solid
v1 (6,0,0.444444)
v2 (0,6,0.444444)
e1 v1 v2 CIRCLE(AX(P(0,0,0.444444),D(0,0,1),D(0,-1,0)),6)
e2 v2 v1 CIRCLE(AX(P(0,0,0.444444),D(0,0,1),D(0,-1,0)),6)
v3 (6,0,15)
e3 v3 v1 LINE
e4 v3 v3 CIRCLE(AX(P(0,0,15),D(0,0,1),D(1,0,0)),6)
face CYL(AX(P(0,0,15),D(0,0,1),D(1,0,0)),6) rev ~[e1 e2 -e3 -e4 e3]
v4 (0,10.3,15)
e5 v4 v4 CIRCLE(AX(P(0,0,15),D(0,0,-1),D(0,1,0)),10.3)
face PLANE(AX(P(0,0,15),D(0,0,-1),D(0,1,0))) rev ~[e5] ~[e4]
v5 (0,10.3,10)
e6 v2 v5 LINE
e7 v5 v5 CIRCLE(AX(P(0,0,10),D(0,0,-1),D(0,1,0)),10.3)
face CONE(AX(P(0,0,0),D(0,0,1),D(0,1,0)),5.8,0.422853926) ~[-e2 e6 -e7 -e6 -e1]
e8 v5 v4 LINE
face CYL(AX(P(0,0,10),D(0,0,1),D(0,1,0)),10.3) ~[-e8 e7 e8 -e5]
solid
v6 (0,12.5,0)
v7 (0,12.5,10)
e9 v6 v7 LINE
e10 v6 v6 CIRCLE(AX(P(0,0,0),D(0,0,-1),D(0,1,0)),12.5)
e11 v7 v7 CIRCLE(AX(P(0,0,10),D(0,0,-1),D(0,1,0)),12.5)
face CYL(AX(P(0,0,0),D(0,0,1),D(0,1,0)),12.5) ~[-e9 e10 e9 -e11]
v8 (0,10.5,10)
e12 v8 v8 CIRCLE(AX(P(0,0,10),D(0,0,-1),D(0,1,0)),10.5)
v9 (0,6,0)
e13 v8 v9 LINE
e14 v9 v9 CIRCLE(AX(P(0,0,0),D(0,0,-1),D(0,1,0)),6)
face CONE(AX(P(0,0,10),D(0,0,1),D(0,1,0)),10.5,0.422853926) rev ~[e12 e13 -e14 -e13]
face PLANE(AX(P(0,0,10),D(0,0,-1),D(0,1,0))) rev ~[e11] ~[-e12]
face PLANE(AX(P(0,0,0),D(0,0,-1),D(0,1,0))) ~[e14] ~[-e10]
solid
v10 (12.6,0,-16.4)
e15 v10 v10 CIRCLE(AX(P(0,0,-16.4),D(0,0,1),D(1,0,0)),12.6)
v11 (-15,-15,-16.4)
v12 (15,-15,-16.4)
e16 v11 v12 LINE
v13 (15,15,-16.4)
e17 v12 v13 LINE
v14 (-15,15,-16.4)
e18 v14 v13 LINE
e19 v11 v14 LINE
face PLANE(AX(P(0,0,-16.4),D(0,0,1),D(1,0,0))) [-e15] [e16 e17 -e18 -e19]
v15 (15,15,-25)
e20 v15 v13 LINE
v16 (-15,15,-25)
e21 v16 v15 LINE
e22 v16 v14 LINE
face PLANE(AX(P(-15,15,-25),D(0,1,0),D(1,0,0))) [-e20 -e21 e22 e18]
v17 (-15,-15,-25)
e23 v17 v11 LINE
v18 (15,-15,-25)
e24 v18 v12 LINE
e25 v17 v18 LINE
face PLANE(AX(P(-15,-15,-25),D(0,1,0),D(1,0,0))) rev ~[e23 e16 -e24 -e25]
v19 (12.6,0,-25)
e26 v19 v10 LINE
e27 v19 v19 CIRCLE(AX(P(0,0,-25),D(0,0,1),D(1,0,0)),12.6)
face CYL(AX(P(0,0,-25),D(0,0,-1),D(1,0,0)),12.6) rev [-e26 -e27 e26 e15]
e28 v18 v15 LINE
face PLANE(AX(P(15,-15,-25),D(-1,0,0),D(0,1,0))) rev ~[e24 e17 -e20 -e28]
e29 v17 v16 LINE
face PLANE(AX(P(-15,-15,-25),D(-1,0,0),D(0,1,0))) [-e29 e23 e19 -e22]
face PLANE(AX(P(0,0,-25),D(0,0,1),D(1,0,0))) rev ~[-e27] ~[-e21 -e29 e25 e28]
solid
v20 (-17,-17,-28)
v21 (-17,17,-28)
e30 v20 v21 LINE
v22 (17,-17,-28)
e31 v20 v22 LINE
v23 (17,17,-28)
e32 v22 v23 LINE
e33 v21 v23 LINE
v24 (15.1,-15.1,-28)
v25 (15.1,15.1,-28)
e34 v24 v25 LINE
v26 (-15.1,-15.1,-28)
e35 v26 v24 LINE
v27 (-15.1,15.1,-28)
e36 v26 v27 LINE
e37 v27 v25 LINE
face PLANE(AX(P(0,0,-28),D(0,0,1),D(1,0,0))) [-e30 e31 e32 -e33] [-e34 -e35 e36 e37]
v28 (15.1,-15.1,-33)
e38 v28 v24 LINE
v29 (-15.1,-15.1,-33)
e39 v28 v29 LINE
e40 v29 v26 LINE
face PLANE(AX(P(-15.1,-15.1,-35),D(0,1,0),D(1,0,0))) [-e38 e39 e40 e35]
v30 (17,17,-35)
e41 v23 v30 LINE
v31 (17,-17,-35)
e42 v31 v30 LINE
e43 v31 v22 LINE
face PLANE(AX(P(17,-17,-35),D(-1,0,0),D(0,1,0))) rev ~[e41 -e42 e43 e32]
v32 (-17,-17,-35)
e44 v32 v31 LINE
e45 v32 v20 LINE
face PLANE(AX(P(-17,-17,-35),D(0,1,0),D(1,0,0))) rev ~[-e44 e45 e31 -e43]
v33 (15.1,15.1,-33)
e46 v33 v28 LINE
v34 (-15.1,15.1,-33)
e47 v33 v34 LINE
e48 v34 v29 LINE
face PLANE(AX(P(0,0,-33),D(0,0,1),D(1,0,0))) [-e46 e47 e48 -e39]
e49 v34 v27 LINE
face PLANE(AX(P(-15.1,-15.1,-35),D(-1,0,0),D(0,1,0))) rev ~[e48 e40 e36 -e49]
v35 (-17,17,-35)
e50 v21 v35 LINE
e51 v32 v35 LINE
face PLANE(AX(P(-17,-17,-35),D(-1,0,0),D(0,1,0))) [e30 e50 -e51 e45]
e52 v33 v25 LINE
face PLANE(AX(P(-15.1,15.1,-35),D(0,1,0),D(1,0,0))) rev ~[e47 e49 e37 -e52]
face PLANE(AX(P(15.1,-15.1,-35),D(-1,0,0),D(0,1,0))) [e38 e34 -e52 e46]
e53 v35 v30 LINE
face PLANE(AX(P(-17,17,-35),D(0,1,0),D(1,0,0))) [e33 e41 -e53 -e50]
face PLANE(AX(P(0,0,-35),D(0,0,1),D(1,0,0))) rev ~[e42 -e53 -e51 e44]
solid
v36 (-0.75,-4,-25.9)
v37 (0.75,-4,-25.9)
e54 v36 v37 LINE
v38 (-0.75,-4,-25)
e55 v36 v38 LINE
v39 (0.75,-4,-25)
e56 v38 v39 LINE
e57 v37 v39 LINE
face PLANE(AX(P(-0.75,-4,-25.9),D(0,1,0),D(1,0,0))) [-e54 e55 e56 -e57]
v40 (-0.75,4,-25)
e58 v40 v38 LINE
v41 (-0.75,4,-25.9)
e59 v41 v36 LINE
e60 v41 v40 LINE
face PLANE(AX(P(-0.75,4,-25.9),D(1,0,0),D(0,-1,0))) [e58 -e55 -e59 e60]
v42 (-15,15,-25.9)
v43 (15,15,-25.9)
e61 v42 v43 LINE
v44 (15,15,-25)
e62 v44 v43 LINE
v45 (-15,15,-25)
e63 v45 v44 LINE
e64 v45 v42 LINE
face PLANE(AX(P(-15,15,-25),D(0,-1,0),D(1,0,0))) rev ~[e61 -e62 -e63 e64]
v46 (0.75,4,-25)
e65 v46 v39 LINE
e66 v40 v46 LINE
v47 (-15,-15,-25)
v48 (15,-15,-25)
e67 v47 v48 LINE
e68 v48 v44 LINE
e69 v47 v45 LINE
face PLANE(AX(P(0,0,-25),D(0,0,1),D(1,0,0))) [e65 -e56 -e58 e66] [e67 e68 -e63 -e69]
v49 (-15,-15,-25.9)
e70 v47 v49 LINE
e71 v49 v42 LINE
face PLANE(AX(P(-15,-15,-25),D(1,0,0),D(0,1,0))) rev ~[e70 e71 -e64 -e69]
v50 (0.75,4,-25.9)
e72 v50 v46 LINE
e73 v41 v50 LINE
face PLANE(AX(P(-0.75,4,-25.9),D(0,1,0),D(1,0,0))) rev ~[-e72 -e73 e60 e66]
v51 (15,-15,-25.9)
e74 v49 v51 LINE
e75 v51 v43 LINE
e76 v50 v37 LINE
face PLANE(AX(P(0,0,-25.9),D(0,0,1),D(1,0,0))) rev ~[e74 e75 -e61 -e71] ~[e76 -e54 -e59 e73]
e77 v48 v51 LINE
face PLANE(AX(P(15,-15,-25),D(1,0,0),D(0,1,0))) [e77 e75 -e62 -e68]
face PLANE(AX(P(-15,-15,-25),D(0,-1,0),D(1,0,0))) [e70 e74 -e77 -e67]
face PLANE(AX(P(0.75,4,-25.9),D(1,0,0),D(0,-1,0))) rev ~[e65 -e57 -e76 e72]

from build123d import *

# Parameters (mm, degrees)
F6_R      = 6
F7_DEPTH  = 15
F9_W      = 30
F9_H      = 30
F9_R      = 12.6
F10_DEPTH = 8.6
F11_DEPTH = 0.9
F12_W     = 1.5
F12_H     = 8
F13_DEPTH = 0.9
F15_W     = 34
F15_H     = 34
F15_W_2   = 30.2
F15_H_2   = 30.2
F16_DEPTH = 2
F17_DEPTH = 7


with BuildPart() as f5:
    # F4 (on Right) → F5 (revolve)
    with BuildSketch(Plane.YZ):
        Polygon((12.5, 10), (10.5, 10), (6, 0), (12.5, 0), align=None)
    revolve(axis=Axis((0, 0, 7.975027198), (0, 0, -1)))


with BuildPart() as f5b:
    # F4 (on Right) → F5, piece 2 (revolve)
    with BuildSketch(Plane.YZ):
        Polygon((0, 15), (0, 0), (5.8, 0), (10.3, 10), (10.3, 15), align=None)
    revolve(axis=Axis((0, 0, 7.975027198), (0, 0, -1)))

    # F6 (on face) → F7 (cut, through all)
    with BuildSketch(Plane.XY.offset(15)):
        Circle(F6_R)
    extrude(amount=-F7_DEPTH, mode=Mode.SUBTRACT)


with BuildPart() as f10:
    # F9 (on offset) → F10 (new body)
    with BuildSketch(Plane.XY.offset(-25)):
        Rectangle(F9_W, F9_H)
        Circle(F9_R, mode=Mode.SUBTRACT)
    extrude(amount=F10_DEPTH)


with BuildPart() as f11:
    # F9 (on offset) → F11 (new body)
    with BuildSketch(Plane.XY.offset(-25)):
        Rectangle(F9_W, F9_H)
        Circle(F9_R, mode=Mode.SUBTRACT)
        Circle(F9_R)
    extrude(amount=-F11_DEPTH)

    # F12 (on face) → F13 (cut, through all)
    with BuildSketch(Plane(origin=(0, 0, -25.9), x_dir=(1, 0, 0), z_dir=(0, 0, -1))):
        Rectangle(F12_W, F12_H)
    extrude(amount=-F13_DEPTH, mode=Mode.SUBTRACT)


with BuildPart() as f16:
    # F15 (on offset) → F16 (new body)
    with BuildSketch(Plane.XY.offset(-35)):
        Rectangle(F15_W, F15_H)
        Rectangle(F15_W_2, F15_H_2, mode=Mode.SUBTRACT)
        Rectangle(F15_W_2, F15_H_2)
    extrude(amount=F16_DEPTH)

    # F15 (on offset) → F17 (join)
    with BuildSketch(Plane.XY.offset(-35)):
        Rectangle(F15_W, F15_H)
        Rectangle(F15_W_2, F15_H_2, mode=Mode.SUBTRACT)
    extrude(amount=F17_DEPTH)


solid = Compound([f5.part, f5b.part, f10.part, f11.part, f16.part])
